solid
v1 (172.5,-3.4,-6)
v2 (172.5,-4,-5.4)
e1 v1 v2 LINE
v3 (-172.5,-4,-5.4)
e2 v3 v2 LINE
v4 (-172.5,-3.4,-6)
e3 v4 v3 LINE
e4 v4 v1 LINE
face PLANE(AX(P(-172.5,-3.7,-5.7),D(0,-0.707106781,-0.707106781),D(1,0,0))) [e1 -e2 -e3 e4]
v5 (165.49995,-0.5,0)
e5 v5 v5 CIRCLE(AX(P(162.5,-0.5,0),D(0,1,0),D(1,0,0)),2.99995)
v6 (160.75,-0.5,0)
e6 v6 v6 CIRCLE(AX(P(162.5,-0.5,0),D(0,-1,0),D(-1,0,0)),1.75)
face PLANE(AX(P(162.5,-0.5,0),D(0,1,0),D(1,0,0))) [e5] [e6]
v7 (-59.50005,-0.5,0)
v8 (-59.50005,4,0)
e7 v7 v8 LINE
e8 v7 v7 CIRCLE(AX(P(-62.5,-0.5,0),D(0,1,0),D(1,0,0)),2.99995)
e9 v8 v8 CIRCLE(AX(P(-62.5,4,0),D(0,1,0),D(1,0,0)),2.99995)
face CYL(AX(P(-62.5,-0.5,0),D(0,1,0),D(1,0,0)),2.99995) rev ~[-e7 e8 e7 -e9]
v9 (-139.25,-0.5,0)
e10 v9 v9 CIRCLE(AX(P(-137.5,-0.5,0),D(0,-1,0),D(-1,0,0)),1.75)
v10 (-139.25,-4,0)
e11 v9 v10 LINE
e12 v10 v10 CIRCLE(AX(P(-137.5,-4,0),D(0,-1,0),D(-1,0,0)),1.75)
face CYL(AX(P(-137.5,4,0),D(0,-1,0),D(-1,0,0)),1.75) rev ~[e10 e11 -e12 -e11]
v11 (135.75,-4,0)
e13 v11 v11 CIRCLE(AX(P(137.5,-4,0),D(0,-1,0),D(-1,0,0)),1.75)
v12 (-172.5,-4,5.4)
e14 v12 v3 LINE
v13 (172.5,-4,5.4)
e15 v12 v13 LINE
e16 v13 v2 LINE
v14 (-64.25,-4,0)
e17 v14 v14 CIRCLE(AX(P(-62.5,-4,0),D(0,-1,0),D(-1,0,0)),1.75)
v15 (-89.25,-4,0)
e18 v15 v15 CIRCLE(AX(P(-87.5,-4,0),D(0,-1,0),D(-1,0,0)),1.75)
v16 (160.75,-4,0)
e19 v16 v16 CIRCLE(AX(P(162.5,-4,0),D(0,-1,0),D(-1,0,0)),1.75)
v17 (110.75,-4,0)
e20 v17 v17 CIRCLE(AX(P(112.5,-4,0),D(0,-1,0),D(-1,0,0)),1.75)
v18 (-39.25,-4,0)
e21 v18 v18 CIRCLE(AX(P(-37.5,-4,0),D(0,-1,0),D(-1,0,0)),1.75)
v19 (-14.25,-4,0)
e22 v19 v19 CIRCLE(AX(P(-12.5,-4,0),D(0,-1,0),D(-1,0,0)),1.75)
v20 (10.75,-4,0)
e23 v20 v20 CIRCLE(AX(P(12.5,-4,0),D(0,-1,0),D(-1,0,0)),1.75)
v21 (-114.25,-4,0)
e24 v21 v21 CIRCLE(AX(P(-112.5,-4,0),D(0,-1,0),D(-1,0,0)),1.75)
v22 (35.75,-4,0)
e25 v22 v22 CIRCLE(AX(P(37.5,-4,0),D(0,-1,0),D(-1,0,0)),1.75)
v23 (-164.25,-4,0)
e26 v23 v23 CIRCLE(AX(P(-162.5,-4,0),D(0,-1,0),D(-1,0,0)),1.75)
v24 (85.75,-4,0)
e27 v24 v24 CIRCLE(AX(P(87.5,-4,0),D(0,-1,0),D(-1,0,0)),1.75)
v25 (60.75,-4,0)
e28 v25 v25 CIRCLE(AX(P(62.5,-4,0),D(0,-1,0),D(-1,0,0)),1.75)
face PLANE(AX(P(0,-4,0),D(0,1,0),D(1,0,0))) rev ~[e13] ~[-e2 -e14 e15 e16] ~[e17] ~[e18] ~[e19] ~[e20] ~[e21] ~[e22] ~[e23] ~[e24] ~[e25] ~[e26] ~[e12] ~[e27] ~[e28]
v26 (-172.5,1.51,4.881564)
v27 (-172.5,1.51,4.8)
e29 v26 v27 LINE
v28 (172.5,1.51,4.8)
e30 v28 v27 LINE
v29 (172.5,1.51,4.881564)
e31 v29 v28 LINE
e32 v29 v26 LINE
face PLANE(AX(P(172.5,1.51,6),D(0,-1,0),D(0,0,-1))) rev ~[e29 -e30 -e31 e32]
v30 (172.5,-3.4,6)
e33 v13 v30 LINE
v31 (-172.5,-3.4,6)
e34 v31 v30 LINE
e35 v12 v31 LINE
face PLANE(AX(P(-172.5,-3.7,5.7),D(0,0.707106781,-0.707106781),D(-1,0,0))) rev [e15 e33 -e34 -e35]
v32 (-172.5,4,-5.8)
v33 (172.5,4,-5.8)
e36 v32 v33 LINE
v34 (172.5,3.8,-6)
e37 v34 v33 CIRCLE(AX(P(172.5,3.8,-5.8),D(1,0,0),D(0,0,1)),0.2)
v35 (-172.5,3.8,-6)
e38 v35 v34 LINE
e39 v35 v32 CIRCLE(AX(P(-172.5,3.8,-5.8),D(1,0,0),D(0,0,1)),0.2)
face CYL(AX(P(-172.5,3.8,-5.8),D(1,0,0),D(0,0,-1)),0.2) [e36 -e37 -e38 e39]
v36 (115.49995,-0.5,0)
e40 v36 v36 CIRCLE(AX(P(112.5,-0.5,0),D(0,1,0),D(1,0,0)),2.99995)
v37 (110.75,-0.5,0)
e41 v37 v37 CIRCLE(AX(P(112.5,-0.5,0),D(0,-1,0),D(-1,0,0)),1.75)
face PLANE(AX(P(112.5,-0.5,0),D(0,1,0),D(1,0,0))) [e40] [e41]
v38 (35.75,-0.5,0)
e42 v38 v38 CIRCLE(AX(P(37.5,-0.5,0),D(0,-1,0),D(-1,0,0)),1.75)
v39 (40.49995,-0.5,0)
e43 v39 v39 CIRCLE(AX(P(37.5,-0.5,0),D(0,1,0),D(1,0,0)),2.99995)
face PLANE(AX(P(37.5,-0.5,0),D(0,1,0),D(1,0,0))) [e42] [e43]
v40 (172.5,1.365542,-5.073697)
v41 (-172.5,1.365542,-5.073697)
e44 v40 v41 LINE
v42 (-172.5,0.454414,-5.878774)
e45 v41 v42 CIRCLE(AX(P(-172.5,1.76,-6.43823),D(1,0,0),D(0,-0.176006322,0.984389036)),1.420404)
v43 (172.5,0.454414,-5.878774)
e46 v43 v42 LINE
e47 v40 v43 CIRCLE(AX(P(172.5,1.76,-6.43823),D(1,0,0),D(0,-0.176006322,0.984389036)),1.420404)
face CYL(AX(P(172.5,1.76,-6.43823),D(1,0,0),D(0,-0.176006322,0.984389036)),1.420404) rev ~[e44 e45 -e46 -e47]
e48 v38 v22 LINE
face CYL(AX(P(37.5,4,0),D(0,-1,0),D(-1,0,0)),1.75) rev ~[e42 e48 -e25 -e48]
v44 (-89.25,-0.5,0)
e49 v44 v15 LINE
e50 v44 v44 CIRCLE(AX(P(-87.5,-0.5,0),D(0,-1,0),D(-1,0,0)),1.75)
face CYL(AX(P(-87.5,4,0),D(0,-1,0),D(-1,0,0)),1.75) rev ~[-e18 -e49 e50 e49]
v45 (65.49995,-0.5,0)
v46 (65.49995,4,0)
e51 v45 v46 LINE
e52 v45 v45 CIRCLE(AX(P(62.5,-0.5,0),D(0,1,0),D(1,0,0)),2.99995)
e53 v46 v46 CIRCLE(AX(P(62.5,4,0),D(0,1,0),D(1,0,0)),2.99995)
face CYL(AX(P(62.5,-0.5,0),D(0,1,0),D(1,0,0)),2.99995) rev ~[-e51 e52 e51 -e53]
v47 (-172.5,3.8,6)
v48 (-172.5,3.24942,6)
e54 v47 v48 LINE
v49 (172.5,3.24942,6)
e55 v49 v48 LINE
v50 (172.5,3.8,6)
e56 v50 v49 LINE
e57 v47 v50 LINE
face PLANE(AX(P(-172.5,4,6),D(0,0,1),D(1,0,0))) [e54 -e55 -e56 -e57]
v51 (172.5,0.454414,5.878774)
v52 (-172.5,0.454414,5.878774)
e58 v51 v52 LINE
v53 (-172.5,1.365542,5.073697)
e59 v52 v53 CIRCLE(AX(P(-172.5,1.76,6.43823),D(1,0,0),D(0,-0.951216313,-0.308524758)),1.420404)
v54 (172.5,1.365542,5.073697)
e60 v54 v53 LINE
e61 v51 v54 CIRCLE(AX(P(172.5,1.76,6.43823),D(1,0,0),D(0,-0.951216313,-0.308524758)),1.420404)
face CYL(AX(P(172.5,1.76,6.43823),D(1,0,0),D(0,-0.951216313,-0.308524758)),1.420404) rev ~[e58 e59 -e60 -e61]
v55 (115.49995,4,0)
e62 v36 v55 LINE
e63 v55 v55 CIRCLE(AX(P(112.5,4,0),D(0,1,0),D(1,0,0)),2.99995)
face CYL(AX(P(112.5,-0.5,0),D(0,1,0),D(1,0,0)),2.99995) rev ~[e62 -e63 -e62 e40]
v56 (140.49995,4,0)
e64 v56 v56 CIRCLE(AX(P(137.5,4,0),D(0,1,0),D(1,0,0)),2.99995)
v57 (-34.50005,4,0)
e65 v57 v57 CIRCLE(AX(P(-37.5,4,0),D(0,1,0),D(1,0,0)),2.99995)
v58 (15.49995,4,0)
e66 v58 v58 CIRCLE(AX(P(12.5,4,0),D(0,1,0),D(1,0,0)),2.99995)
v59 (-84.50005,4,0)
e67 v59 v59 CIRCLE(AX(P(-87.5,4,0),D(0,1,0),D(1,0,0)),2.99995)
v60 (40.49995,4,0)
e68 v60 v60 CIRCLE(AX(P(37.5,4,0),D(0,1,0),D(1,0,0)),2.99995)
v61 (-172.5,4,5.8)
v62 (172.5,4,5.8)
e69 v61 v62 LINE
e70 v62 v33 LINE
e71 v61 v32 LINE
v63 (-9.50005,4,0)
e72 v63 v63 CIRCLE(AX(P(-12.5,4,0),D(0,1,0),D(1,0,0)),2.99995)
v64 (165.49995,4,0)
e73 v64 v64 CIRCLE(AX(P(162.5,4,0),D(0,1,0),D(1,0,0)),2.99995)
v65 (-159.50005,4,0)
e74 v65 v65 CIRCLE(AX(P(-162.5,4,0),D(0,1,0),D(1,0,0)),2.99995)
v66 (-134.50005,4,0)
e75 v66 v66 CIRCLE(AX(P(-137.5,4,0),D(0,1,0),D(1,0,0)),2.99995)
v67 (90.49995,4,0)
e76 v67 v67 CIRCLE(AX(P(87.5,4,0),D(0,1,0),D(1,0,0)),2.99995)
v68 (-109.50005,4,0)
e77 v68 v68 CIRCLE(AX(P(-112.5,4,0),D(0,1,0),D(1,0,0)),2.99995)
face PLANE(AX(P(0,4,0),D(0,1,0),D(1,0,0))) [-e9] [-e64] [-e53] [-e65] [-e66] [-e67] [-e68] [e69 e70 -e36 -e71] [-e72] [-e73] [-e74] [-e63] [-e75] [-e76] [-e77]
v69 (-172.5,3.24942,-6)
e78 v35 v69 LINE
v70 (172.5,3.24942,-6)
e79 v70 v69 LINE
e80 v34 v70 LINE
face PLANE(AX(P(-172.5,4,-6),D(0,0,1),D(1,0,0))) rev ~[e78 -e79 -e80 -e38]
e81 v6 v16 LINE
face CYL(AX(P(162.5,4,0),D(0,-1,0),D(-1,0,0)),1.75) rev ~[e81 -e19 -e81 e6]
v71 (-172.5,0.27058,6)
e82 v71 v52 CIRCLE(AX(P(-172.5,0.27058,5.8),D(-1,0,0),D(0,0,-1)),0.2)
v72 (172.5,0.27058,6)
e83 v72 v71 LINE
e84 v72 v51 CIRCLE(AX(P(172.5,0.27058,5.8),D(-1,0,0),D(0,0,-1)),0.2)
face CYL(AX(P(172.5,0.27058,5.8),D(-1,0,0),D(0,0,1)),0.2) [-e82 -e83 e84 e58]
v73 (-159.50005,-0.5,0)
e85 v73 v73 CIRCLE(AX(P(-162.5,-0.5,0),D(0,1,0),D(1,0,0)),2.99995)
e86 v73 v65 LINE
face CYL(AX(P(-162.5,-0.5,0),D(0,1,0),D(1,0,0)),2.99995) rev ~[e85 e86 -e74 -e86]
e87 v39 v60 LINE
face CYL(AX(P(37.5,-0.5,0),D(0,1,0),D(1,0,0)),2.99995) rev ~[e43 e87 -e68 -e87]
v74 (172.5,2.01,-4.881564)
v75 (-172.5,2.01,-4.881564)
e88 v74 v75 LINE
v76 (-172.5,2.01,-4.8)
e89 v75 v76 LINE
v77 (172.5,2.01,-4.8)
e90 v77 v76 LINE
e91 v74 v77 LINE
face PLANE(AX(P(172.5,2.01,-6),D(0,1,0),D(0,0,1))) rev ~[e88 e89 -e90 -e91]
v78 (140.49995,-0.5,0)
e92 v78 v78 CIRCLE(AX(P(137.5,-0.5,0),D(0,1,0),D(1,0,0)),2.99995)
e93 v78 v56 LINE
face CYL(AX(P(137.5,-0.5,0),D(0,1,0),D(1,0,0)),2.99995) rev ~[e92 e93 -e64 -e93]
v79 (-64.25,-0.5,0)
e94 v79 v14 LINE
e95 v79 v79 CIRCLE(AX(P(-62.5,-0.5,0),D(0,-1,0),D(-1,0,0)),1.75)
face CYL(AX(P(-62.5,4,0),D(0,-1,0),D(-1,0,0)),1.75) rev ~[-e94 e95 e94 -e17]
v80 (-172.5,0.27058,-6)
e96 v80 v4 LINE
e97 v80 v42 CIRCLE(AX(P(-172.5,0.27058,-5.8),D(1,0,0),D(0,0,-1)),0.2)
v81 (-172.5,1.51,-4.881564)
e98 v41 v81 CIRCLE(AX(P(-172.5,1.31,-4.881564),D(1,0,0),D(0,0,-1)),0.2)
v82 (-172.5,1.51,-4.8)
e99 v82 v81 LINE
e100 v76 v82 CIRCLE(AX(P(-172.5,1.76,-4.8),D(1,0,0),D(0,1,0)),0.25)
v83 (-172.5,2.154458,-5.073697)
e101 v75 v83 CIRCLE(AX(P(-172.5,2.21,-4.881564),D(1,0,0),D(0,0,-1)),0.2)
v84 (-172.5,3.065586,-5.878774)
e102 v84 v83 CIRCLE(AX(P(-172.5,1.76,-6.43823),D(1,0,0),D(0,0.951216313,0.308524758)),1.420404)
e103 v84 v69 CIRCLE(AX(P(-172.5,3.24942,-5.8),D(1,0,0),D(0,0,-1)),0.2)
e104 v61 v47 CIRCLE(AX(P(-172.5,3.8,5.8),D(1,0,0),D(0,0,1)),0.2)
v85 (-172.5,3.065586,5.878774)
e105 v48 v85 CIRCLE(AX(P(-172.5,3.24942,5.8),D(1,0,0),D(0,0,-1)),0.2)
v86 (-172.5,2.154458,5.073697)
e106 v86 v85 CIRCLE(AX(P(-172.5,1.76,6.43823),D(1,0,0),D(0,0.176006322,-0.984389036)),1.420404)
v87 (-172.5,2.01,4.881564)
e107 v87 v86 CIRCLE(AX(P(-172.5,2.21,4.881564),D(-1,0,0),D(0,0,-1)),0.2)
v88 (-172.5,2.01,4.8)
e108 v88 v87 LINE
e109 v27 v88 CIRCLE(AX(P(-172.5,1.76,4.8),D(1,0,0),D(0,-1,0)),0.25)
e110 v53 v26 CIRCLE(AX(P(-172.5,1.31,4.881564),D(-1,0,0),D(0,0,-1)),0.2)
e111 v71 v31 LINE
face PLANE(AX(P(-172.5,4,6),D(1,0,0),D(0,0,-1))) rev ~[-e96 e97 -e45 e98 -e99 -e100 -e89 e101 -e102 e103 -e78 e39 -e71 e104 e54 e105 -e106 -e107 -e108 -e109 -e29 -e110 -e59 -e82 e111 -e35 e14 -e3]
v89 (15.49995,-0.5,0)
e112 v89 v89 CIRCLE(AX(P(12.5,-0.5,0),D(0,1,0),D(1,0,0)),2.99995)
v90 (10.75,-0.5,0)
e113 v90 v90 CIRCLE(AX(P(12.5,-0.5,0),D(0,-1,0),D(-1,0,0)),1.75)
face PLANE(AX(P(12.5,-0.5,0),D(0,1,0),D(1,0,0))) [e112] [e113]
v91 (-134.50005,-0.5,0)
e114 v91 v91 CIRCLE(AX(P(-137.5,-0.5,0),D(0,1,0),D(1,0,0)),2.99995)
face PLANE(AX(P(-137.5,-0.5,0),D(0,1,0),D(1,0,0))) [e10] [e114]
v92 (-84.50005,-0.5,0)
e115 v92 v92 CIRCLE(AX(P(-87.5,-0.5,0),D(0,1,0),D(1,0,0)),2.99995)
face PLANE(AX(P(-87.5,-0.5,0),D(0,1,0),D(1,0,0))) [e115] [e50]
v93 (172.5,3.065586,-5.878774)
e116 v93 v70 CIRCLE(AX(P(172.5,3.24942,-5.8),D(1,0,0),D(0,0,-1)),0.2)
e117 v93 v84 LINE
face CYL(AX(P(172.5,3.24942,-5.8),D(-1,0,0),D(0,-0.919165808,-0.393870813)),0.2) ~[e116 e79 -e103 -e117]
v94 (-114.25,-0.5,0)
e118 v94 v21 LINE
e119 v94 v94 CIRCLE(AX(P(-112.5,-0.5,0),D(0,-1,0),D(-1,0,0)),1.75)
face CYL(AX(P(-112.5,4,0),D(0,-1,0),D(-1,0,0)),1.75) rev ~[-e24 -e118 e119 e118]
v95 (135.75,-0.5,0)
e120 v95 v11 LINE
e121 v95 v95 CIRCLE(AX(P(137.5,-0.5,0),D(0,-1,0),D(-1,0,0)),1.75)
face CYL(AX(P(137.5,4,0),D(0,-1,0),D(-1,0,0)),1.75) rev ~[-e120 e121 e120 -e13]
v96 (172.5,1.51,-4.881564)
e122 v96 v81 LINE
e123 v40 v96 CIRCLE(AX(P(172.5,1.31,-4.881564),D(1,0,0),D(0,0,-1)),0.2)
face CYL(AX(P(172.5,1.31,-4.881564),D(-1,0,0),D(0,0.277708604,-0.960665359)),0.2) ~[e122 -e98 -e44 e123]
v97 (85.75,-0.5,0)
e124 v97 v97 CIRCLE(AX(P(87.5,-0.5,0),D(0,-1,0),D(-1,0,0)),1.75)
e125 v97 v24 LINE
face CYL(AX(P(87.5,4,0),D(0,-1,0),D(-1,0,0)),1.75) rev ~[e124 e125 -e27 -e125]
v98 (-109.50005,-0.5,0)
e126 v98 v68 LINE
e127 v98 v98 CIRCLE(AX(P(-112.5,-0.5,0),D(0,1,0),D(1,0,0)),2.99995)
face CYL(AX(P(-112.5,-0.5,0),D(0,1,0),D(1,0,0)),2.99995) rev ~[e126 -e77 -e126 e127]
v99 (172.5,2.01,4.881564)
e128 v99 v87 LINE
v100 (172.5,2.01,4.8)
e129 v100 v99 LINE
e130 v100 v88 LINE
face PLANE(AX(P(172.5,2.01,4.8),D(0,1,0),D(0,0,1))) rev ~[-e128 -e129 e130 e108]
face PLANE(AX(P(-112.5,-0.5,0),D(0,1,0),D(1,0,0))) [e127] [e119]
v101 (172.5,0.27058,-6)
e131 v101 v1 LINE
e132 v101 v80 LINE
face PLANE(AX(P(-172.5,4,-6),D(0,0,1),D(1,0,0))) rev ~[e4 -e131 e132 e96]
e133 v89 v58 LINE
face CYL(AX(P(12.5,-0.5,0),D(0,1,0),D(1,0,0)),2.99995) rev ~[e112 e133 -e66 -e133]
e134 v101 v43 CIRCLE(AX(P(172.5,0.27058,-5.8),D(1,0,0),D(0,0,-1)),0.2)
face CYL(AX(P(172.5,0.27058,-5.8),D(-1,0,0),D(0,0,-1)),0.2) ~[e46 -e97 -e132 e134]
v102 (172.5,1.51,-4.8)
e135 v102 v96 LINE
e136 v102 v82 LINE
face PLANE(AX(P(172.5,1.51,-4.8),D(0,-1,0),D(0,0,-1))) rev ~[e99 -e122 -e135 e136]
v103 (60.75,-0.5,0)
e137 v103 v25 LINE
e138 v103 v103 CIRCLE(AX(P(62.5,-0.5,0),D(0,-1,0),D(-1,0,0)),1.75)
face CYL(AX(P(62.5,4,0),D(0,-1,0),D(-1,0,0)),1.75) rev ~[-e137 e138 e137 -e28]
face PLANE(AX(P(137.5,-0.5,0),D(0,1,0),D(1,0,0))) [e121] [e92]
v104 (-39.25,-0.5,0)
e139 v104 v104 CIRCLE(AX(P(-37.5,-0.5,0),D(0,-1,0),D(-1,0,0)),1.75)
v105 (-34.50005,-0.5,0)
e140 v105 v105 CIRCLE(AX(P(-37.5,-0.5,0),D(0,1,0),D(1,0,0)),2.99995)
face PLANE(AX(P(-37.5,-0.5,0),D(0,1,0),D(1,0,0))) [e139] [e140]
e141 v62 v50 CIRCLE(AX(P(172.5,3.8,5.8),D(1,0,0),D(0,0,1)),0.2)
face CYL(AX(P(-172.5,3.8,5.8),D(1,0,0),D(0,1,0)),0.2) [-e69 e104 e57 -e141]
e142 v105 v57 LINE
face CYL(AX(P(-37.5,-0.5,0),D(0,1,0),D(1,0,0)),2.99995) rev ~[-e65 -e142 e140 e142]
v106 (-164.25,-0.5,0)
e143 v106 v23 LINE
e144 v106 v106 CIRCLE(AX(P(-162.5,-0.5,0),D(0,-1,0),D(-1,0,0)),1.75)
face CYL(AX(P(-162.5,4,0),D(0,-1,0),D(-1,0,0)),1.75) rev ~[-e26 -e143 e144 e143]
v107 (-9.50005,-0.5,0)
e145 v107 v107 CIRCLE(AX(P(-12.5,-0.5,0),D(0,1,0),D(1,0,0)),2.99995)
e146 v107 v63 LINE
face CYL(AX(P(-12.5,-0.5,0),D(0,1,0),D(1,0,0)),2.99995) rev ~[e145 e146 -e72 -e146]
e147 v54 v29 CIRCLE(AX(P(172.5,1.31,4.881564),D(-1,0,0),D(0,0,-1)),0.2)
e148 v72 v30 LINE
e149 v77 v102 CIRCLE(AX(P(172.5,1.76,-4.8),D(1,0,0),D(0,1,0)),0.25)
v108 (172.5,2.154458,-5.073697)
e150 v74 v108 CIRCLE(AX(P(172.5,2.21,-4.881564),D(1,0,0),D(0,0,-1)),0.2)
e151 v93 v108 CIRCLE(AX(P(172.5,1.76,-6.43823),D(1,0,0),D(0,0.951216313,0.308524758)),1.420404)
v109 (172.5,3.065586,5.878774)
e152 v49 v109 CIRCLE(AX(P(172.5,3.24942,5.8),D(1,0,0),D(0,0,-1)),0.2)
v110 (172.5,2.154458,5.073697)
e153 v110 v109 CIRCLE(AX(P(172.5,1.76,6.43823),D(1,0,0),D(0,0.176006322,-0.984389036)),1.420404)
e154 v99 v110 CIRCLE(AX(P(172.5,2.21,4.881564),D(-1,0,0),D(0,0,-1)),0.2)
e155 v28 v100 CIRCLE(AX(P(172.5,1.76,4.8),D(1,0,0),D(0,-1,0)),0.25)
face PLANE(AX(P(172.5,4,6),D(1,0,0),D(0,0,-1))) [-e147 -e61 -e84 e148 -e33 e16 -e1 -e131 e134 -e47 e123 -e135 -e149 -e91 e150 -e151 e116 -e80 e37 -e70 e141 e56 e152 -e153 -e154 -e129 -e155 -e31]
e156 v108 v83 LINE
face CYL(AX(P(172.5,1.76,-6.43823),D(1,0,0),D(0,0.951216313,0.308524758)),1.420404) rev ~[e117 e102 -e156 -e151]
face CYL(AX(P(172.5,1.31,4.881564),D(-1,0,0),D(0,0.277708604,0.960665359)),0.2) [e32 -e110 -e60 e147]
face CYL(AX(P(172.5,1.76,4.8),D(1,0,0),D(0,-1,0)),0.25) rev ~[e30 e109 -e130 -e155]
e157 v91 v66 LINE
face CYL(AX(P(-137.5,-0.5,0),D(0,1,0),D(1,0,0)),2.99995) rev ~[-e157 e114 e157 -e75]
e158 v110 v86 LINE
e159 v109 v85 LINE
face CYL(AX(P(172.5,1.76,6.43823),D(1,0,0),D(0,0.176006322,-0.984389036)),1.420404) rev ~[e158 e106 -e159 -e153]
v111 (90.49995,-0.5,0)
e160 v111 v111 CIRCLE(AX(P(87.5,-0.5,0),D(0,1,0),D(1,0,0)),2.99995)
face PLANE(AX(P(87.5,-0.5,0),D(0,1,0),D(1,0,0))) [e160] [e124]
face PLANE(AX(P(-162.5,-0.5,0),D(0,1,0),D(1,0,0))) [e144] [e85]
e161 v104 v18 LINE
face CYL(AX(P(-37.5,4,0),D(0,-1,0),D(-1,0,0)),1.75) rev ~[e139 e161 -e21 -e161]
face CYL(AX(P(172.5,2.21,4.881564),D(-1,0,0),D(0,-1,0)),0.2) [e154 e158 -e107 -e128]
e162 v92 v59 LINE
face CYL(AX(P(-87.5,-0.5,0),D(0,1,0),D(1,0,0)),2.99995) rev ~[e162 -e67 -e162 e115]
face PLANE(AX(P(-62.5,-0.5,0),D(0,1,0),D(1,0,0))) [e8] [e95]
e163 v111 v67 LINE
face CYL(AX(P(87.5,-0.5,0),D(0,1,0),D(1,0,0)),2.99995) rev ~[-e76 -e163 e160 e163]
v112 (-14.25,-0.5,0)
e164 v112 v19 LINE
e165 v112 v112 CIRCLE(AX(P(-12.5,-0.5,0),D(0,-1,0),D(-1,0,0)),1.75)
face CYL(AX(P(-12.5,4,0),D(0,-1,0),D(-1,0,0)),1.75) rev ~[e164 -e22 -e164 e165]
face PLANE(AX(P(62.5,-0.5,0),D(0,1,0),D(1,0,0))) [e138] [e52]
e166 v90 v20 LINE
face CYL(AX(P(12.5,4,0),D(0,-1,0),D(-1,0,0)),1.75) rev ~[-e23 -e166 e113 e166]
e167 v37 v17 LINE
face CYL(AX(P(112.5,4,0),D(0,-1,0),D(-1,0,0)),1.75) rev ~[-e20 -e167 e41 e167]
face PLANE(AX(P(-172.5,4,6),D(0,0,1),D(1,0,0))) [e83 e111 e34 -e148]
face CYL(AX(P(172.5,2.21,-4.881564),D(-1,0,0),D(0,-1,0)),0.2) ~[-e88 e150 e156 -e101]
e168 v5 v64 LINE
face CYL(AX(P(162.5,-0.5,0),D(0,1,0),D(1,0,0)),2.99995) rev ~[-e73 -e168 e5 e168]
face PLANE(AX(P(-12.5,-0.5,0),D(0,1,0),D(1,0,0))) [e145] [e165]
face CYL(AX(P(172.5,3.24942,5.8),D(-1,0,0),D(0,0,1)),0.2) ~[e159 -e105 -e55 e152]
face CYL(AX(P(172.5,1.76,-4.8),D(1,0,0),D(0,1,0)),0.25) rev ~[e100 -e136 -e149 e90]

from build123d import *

# Parameters (mm, degrees)
SKETCH_1_W                   = 345
SKETCH_1_H                   = 12
EXTRUDE_1_DEPTH              = 8
CUT_EXTRUDE_1_DEPTH          = 346.07535409
CUT_EXTRUDE_2_DEPTH          = 346.07535409
CUT_EXTRUDE_3_DEPTH          = 346.07535409
CUT_EXTRUDE_4_DEPTH          = 346.07535409
CUT_EXTRUDE_5_DEPTH          = 346.07535409
CUT_EXTRUDE_6_DEPTH          = 346.07535409
HOLE_WIZARD_M3_1_D           = 3.5
HOLE_WIZARD_M3_1_CBORE_D     = 5.9999
HOLE_WIZARD_M3_1_CBORE_DEPTH = 4.5
CHAMFER_1_SIZE               = 0.6
FILLET_1_R                   = 0.2


with BuildPart() as part:
    # 草图1 → 凸台-拉伸1 (new body)
    with BuildSketch(Plane(origin=(0, 4, 0), x_dir=(1, 0, 0), z_dir=(0, 1, 0))):
        Rectangle(SKETCH_1_W, SKETCH_1_H)
    extrude(amount=-EXTRUDE_1_DEPTH)

    # 草图2 → 切除-拉伸1 (cut, through all)
    with BuildSketch(Plane(origin=(172.5, 0, 0), x_dir=(0, 0, -1), z_dir=(1, 0, 0))):
        with BuildLine():
            Line((6, 1.51), (6, 2.01))
            Line((6, 2.01), (4.8, 2.01))
            ThreePointArc((4.8, 2.01), (4.55, 1.76), (4.8, 1.51))
            Line((4.8, 1.51), (6, 1.51))
        make_face()
    extrude(amount=-CUT_EXTRUDE_1_DEPTH, mode=Mode.SUBTRACT)

    # 草图3 → 切除-拉伸2 (cut, through all)
    with BuildSketch(Plane(origin=(172.5, 0, 0), x_dir=(0, 0, -1), z_dir=(1, 0, 0))):
        with BuildLine():
            Line((6, 2.01), (6, 3.111111))
            ThreePointArc((6, 3.111111), (5.367595703, 2.693428684), (5.04, 2.01))
            Line((5.04, 2.01), (6, 2.01))
        make_face()
    extrude(amount=-CUT_EXTRUDE_2_DEPTH, mode=Mode.SUBTRACT)

    # 草图4 → 切除-拉伸3 (cut, through all)
    with BuildSketch(Plane(origin=(172.5, 0, 0), x_dir=(0, 0, -1), z_dir=(1, 0, 0))):
        with BuildLine():
            Line((6, 1.51), (5.04, 1.51))
            ThreePointArc((5.04, 1.51), (5.367595703, 0.826571316), (6, 0.408889))
            Line((6, 0.408889), (6, 1.51))
        make_face()
    extrude(amount=-CUT_EXTRUDE_3_DEPTH, mode=Mode.SUBTRACT)

    # 草图5 → 切除-拉伸4 (cut, through all)
    with BuildSketch(Plane(origin=(172.5, 0, 0), x_dir=(0, 0, -1), z_dir=(1, 0, 0))):
        with BuildLine():
            Line((-6, 2.01), (-6, 1.51))
            Line((-6, 1.51), (-4.8, 1.51))
            ThreePointArc((-4.8, 1.51), (-4.55, 1.76), (-4.8, 2.01))
            Line((-4.8, 2.01), (-6, 2.01))
        make_face()
    extrude(amount=-CUT_EXTRUDE_4_DEPTH, mode=Mode.SUBTRACT)

    # 草图6 → 切除-拉伸5 (cut, through all)
    with BuildSketch(Plane(origin=(172.5, 0, 0), x_dir=(0, 0, -1), z_dir=(1, 0, 0))):
        with BuildLine():
            Line((-6, 1.51), (-6, 0.408889))
            ThreePointArc((-6, 0.408889), (-5.367595703, 0.826571316), (-5.04, 1.51))
            Line((-5.04, 1.51), (-6, 1.51))
        make_face()
    extrude(amount=-CUT_EXTRUDE_5_DEPTH, mode=Mode.SUBTRACT)

    # 草图7 → 切除-拉伸6 (cut, through all)
    with BuildSketch(Plane(origin=(172.5, 0, 0), x_dir=(0, 0, -1), z_dir=(1, 0, 0))):
        with BuildLine():
            Line((-6, 2.01), (-5.04, 2.01))
            ThreePointArc((-5.04, 2.01), (-5.367595703, 2.693428684), (-6, 3.111111))
            Line((-6, 3.111111), (-6, 2.01))
        make_face()
    extrude(amount=-CUT_EXTRUDE_6_DEPTH, mode=Mode.SUBTRACT)

    # M3 六角头机械螺钉的柱形沉头孔1 (through all)
    with Locations(Plane(origin=(0, 4, 0), x_dir=(1, 0, 0), z_dir=(0, 1, 0))):
        with Locations((-162.5, 0), (-137.5, 0), (-112.5, 0), (-87.5, 0), (-62.5, 0), (-37.5, 0), (-12.5, 0), (12.5, 0), (37.5, 0), (62.5, 0), (87.5, 0), (112.5, 0), (137.5, 0), (162.5, 0)):
            CounterBoreHole(HOLE_WIZARD_M3_1_D / 2, HOLE_WIZARD_M3_1_CBORE_D / 2, HOLE_WIZARD_M3_1_CBORE_DEPTH)

    # 倒角1
    chamfer_1_edges = [part.edges().sort_by_distance(p)[0] for p in [
        (0, -4, -6),
        (0, -4, 6),
    ]]
    chamfer(chamfer_1_edges, length=CHAMFER_1_SIZE)

    # 圆角1
    fillet_1_edges = [part.edges().sort_by_distance(p)[0] for p in [
        (0, 2.01, -5.04),
        (0, 3.111111, -6),
        (0, 0.408889, -6),
        (0, 1.51, -5.04),
        (0, 4, -6),
        (0, 4, 6),
        (0, 1.51, 5.04),
        (0, 0.408889, 6),
        (0, 3.111111, 6),
        (0, 2.01, 5.04),
    ]]
    fillet(fillet_1_edges, radius=FILLET_1_R)


solid = part.part
